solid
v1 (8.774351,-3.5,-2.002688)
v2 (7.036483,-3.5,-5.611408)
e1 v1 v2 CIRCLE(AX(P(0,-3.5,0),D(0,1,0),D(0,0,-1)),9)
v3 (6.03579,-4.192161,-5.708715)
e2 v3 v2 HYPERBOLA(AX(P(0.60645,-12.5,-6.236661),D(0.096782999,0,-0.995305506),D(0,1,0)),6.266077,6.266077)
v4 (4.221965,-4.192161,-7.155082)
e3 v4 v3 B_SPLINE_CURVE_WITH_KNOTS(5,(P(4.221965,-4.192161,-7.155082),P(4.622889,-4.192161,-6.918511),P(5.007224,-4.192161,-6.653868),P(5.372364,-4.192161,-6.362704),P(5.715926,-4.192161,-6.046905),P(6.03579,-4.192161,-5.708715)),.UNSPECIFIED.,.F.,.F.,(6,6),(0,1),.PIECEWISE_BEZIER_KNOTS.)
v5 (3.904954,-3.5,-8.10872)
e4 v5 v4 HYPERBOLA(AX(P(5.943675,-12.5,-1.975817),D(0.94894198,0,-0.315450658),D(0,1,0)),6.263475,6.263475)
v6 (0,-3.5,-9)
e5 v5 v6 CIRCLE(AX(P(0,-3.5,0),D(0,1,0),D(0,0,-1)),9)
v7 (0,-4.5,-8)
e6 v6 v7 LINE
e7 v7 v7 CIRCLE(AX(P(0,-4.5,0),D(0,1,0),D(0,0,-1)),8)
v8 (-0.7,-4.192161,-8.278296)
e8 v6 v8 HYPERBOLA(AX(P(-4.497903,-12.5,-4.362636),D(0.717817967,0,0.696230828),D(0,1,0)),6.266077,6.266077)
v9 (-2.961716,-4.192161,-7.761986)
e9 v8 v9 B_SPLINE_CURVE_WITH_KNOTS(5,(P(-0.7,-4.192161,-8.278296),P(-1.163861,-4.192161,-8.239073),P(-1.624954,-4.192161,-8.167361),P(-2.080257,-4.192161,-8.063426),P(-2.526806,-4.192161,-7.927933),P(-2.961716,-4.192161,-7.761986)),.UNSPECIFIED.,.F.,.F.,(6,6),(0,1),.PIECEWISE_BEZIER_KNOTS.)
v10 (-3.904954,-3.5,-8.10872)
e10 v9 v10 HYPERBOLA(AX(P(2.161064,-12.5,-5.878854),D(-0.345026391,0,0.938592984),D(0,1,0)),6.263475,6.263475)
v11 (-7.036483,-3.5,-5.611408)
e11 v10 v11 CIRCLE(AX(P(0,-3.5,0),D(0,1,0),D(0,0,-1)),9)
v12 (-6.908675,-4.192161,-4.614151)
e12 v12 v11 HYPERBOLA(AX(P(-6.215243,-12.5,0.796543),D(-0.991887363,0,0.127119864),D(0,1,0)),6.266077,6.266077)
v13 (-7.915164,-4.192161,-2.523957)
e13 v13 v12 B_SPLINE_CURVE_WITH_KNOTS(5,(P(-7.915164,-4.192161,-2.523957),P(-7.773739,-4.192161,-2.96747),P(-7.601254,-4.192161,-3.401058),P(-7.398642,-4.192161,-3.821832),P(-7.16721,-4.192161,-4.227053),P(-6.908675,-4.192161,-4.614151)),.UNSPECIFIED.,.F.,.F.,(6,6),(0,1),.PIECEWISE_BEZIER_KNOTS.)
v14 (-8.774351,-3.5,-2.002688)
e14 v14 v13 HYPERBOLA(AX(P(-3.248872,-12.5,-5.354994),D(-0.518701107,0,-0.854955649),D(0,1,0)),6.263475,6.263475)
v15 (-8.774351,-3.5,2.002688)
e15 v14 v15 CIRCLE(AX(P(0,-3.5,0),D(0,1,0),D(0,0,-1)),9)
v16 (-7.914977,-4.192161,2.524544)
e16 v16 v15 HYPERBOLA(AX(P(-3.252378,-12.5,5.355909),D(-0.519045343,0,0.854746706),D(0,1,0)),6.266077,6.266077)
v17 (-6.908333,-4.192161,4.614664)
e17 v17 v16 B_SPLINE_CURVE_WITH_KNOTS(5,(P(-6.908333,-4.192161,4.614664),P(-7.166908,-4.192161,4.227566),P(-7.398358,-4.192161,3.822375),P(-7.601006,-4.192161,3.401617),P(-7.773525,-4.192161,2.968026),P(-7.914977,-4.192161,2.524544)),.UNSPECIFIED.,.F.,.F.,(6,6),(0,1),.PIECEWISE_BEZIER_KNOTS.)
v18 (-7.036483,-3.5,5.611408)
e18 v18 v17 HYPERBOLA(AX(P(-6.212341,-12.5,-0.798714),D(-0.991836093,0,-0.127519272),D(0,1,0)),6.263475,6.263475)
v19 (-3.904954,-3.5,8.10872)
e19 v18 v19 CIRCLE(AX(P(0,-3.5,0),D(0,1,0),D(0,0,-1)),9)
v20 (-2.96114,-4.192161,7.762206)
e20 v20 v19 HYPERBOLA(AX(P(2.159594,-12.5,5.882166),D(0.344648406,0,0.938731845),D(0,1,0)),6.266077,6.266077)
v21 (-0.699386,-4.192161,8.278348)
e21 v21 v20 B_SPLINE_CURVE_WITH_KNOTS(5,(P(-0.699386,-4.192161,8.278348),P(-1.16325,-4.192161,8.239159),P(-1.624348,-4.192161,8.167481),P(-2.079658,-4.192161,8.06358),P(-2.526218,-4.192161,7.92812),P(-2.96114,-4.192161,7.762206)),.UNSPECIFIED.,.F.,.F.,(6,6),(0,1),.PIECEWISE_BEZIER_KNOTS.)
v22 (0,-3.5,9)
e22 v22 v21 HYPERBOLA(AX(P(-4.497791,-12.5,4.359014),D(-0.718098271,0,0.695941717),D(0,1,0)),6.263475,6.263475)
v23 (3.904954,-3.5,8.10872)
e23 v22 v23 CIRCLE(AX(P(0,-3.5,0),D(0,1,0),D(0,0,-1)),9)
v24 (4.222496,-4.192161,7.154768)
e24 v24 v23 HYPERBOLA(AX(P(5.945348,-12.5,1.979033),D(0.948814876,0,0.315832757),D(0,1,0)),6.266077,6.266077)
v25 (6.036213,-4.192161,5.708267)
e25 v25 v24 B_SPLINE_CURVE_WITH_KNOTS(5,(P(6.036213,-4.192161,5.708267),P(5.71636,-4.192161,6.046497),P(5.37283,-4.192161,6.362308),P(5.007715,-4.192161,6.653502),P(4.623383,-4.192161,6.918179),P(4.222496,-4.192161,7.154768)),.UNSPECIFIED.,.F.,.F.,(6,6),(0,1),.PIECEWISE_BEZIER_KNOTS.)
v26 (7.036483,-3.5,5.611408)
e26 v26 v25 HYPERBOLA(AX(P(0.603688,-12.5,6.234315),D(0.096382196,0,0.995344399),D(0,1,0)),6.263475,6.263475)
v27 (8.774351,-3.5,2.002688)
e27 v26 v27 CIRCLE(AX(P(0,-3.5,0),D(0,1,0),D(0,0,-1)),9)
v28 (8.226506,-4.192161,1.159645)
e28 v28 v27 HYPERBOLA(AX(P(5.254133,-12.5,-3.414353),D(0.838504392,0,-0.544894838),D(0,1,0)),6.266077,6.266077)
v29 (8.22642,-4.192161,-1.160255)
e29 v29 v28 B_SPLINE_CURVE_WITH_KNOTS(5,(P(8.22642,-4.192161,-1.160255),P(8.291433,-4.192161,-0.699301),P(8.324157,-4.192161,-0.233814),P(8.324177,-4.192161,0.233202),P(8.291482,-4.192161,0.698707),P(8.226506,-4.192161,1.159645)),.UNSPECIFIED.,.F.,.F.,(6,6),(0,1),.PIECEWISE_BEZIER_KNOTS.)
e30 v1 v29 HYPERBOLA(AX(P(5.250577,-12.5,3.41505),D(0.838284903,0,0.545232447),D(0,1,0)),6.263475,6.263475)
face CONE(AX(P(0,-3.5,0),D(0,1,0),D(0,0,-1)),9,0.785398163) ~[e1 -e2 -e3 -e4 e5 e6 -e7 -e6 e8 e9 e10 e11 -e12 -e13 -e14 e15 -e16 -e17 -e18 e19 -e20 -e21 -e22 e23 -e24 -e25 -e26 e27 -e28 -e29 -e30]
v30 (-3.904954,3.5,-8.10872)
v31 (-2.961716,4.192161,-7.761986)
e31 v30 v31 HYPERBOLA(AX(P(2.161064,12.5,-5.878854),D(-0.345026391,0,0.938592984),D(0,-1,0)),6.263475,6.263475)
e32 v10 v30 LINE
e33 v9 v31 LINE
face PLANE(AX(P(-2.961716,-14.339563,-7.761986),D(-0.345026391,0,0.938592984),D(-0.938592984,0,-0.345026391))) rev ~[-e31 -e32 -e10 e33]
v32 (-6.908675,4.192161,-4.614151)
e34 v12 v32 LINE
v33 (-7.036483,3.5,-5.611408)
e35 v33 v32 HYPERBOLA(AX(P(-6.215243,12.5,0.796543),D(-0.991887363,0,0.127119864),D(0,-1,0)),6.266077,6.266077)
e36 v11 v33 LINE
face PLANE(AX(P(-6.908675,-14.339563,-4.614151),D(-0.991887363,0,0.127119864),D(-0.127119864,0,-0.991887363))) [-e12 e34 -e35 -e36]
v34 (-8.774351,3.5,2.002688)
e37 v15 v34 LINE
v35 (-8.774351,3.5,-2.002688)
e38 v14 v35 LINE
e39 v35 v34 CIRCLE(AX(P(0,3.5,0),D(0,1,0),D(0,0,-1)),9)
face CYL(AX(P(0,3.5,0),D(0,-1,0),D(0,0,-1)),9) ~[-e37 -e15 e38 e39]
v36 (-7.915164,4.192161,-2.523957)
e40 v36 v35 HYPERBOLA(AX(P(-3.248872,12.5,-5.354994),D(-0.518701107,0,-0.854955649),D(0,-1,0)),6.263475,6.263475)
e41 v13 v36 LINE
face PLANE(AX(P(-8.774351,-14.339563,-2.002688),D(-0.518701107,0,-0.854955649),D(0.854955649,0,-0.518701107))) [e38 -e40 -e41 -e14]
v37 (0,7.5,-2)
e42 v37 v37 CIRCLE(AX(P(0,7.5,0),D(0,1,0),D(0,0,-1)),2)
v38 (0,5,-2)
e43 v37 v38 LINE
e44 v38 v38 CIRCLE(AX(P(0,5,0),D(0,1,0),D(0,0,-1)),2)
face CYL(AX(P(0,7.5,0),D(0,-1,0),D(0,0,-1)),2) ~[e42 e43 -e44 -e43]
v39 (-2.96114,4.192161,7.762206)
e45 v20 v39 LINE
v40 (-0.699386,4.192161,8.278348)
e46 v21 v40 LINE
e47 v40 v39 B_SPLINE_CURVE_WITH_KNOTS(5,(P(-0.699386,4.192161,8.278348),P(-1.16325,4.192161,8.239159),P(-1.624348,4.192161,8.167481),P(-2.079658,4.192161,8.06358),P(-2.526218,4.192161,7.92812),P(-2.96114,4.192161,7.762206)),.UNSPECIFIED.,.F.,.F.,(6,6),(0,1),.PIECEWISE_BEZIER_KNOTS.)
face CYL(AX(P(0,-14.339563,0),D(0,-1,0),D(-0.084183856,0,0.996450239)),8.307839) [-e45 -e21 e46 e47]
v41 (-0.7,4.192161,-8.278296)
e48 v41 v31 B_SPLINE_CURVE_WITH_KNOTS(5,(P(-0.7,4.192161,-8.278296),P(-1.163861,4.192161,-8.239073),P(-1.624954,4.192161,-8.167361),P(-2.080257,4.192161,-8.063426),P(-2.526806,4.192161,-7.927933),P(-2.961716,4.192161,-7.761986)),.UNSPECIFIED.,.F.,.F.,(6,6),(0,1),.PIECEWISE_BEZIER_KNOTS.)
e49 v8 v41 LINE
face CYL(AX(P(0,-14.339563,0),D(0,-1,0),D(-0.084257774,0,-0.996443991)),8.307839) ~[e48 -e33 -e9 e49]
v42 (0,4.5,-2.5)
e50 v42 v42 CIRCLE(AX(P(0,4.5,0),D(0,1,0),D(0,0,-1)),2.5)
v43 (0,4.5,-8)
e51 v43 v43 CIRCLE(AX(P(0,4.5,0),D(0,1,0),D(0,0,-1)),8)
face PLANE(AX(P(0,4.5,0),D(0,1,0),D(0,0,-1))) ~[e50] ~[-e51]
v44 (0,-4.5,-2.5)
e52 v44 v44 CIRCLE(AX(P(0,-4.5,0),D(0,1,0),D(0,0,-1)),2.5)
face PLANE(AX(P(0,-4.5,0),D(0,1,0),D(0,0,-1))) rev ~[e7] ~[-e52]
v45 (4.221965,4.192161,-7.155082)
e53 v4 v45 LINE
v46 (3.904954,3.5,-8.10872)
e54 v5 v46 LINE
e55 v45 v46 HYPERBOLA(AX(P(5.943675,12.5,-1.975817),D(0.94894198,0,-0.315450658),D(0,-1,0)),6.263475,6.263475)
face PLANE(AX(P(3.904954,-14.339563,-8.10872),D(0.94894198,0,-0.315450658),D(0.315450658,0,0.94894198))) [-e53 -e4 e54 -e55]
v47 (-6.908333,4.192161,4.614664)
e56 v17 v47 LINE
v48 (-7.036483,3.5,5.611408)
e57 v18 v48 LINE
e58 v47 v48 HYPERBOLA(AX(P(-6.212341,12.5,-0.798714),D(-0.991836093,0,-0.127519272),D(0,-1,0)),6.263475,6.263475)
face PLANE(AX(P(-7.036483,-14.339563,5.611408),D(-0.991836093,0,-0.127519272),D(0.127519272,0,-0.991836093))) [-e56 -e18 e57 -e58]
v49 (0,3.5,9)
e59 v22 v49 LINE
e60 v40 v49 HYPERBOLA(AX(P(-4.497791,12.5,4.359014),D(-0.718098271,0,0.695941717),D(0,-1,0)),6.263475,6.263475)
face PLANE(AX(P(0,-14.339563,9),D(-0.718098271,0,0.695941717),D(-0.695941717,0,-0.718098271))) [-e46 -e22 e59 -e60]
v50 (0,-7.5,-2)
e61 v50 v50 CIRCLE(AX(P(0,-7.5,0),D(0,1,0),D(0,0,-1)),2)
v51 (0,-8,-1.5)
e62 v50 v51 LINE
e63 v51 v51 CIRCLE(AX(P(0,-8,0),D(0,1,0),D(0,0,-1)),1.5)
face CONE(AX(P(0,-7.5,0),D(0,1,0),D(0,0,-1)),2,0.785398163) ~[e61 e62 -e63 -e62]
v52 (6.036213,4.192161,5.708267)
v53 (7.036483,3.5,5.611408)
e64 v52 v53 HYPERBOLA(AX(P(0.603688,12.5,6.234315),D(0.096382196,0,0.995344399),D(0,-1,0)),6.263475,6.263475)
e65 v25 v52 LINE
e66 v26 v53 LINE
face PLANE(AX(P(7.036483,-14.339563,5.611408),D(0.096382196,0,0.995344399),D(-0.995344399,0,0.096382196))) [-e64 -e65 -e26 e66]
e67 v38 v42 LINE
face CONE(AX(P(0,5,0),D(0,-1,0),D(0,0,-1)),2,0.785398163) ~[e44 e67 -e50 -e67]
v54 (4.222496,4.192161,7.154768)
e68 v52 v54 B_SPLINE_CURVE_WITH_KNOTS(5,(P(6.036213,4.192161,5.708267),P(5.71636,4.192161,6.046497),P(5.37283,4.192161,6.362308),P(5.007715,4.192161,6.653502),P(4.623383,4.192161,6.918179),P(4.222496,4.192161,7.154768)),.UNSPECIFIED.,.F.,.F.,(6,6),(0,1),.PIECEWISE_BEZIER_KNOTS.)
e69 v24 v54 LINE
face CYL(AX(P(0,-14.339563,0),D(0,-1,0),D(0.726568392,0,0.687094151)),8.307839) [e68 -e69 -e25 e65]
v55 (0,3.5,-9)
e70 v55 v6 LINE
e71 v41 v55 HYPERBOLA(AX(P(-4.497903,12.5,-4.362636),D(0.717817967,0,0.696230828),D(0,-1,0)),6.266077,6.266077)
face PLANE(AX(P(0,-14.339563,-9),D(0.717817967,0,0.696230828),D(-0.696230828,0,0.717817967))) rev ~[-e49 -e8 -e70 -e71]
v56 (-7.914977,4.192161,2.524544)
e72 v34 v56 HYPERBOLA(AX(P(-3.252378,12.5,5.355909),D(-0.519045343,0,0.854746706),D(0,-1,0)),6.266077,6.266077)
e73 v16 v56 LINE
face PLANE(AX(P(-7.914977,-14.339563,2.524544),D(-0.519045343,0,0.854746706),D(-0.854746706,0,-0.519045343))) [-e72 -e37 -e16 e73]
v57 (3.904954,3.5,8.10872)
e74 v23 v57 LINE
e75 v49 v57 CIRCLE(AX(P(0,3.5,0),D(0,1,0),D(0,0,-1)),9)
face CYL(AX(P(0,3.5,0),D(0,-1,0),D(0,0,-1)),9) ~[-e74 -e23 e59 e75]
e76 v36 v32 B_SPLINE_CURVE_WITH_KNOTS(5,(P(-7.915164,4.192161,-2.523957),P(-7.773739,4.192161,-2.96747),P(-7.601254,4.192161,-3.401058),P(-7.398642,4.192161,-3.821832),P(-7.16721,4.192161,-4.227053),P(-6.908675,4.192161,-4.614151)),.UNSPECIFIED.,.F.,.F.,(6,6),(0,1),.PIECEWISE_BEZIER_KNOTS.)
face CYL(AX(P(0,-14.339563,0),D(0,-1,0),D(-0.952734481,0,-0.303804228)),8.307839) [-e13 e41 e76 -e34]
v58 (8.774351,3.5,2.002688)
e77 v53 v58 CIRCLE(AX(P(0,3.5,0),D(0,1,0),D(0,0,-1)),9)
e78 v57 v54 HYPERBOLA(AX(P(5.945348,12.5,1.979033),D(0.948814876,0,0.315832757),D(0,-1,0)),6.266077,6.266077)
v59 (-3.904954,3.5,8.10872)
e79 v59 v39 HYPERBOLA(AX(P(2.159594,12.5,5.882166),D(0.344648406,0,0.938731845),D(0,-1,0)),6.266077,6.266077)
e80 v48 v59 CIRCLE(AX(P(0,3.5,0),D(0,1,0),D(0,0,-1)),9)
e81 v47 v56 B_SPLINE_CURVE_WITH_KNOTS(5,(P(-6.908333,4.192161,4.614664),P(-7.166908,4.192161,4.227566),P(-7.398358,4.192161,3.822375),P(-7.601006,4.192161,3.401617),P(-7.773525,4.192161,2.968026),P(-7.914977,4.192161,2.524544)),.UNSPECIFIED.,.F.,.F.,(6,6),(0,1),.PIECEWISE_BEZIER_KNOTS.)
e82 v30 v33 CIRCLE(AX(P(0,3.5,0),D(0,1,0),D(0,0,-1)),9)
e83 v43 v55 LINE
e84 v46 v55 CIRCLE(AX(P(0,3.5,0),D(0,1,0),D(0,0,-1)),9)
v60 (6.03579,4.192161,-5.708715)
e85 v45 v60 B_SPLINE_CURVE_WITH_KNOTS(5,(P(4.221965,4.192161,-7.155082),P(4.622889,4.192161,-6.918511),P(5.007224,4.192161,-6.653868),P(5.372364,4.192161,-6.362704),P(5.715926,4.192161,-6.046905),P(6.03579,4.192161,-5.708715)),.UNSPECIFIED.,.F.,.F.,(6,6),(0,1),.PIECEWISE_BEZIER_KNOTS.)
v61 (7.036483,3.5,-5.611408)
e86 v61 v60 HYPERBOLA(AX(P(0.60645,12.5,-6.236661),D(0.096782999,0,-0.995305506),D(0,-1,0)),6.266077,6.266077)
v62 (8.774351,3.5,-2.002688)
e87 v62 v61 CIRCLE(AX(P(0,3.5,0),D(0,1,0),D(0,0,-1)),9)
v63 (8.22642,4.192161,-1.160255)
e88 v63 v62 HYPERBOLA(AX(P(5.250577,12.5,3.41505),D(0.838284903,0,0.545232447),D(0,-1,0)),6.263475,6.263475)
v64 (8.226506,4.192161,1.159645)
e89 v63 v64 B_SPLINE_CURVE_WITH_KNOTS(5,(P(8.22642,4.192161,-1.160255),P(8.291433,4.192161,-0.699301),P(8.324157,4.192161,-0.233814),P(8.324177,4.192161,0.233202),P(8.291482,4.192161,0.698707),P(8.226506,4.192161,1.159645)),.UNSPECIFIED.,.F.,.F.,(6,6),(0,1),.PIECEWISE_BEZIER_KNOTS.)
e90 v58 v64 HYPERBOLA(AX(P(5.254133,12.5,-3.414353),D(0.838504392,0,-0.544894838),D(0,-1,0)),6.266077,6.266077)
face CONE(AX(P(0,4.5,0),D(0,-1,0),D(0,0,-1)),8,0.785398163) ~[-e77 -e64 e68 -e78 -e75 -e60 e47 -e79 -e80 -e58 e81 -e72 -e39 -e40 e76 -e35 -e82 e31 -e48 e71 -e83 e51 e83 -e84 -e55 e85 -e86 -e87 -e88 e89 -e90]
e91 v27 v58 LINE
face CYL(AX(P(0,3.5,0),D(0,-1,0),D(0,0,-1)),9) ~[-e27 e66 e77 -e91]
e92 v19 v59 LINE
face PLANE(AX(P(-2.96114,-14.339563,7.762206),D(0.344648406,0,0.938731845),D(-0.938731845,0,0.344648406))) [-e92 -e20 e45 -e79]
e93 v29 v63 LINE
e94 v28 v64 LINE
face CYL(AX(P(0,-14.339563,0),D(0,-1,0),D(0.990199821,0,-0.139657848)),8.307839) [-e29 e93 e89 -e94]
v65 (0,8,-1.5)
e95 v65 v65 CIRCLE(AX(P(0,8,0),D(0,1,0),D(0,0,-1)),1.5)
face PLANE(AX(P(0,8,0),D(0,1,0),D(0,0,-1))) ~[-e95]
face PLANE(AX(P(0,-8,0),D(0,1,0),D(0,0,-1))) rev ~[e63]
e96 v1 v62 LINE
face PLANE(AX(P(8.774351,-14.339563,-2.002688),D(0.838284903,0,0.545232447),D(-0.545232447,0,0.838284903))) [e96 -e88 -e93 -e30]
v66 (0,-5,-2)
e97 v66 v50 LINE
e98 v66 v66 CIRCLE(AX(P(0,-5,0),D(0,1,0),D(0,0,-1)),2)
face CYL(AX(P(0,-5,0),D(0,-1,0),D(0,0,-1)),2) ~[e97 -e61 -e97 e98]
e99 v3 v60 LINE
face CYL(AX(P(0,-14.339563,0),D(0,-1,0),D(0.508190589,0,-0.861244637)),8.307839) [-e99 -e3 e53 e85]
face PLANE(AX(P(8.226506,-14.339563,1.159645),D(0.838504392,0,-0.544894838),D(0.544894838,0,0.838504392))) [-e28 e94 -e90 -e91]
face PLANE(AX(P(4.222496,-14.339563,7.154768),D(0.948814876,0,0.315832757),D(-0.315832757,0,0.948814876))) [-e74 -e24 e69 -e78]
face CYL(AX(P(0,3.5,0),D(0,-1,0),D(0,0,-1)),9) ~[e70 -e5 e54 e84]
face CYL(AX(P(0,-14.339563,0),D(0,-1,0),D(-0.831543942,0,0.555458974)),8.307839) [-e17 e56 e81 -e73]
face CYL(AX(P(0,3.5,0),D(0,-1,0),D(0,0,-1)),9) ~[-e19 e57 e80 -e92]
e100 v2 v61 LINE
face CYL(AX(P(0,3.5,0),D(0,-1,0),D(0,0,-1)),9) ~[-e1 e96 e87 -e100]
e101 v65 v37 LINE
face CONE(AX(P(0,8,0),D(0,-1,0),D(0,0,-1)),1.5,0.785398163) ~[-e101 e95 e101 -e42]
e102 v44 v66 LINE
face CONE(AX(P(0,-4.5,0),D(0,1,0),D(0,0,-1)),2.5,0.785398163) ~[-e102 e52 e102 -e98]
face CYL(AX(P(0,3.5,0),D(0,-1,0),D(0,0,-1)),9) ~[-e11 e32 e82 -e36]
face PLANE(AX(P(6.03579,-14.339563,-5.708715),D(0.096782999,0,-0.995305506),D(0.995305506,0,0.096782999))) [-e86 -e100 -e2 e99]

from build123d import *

# Parameters (mm, degrees)
CORTAR_EXTRUIR1_DEPTH      = 18.839562775
CORTAR_EXTRUIR1_DEPTH_BACK = 18.839562775


with BuildPart() as part:
    # Croquis1 → Revolución1 (revolve)
    with BuildSketch(Plane.XY, mode=Mode.PRIVATE) as revoluci_n1_sk:
        Polygon((0, -8), (0, 8), (-1.5, 8), (-2, 7.5), (-2, 5), (-2.5, 4.5), (-8, 4.5), (-9, 3.5), (-9, -3.5), (-8, -4.5), (-2.5, -4.5), (-2, -5), (-2, -7.5), (-1.5, -8), align=None)
    revolve(revoluci_n1_sk.sketch.rotate(Axis((0, -8, 0), (0, 1, 0)), 270), axis=Axis((0, -8, 0), (0, 1, 0)))

    # Croquis2 → Cortar-Extruir1 (cut, two sides: drawn at the far end of the back side and taken through both)
    with BuildSketch(Plane(origin=(0, 4.5, 0), x_dir=(1, 0, 0), z_dir=(0, 1, 0)).offset(-CORTAR_EXTRUIR1_DEPTH_BACK)):
        with BuildLine():
            Line((0, 9), (-0.7, 8.278295995))
            ThreePointArc((-0.7, 8.278295995), (-1.848968457, 8.099475306), (-2.961715623, 7.761985903))
            Line((-2.961715623, 7.761985903), (-3.904953652, 8.108719811))
            ThreePointArc((-3.904953652, 8.108719811), (-2.002688406, 8.77435121), (0, 9))
        make_face()
        with BuildLine():
            Line((3.904953652, 8.108719811), (4.221965458, 7.155081569))
            ThreePointArc((4.221965458, 7.155081569), (5.179611809, 6.495522003), (6.035789569, 5.708715168))
            Line((6.035789569, 5.708715168), (7.036483342, 5.611408217))
            ThreePointArc((7.036483342, 5.611408217), (5.611408217, 7.036483342), (3.904953652, 8.108719811))
        make_face()
        with BuildLine():
            Line((8.77435121, 2.002688406), (8.226420437, 1.160254876))
            ThreePointArc((8.226420437, 1.160254876), (8.307838738, 0.000308148), (8.226506485, -1.159644618))
            Line((8.226506485, -1.159644618), (8.77435121, -2.002688406))
            ThreePointArc((8.77435121, -2.002688406), (9, 0), (8.77435121, 2.002688406))
        make_face()
        with BuildLine():
            Line((7.036483342, -5.611408217), (6.036213038, -5.708267403))
            ThreePointArc((6.036213038, -5.708267403), (5.180093648, -6.495137749), (4.222496227, -7.154768354))
            Line((4.222496227, -7.154768354), (3.904953652, -8.108719811))
            ThreePointArc((3.904953652, -8.108719811), (5.611408217, -7.036483342), (7.036483342, -5.611408217))
        make_face()
        with BuildLine():
            Line((0, -9), (-0.699385895, -8.2783479))
            ThreePointArc((-0.699385895, -8.2783479), (-1.848367613, -8.099612444), (-2.961139812, -7.762205588))
            Line((-2.961139812, -7.762205588), (-3.904953652, -8.108719811))
            ThreePointArc((-3.904953652, -8.108719811), (-2.002688406, -8.77435121), (0, -9))
        make_face()
        with BuildLine():
            Line((-7.036483342, -5.611408217), (-6.908332984, -4.614663581))
            ThreePointArc((-6.908332984, -4.614663581), (-7.484970362, -3.604913767), (-7.914977177, -2.524543695))
            Line((-7.914977177, -2.524543695), (-8.77435121, -2.002688406))
            ThreePointArc((-8.77435121, -2.002688406), (-8.108719811, -3.904953652), (-7.036483342, -5.611408217))
        make_face()
        with BuildLine():
            Line((-8.77435121, 2.002688406), (-7.915164432, 2.523956536))
            ThreePointArc((-7.915164432, 2.523956536), (-7.485237762, 3.604358504), (-6.908675292, 4.614151092))
            Line((-6.908675292, 4.614151092), (-7.036483342, 5.611408217))
            ThreePointArc((-7.036483342, 5.611408217), (-8.108719811, 3.904953652), (-8.77435121, 2.002688406))
        make_face()
    extrude(amount=CORTAR_EXTRUIR1_DEPTH + CORTAR_EXTRUIR1_DEPTH_BACK, mode=Mode.SUBTRACT)


solid = part.part
